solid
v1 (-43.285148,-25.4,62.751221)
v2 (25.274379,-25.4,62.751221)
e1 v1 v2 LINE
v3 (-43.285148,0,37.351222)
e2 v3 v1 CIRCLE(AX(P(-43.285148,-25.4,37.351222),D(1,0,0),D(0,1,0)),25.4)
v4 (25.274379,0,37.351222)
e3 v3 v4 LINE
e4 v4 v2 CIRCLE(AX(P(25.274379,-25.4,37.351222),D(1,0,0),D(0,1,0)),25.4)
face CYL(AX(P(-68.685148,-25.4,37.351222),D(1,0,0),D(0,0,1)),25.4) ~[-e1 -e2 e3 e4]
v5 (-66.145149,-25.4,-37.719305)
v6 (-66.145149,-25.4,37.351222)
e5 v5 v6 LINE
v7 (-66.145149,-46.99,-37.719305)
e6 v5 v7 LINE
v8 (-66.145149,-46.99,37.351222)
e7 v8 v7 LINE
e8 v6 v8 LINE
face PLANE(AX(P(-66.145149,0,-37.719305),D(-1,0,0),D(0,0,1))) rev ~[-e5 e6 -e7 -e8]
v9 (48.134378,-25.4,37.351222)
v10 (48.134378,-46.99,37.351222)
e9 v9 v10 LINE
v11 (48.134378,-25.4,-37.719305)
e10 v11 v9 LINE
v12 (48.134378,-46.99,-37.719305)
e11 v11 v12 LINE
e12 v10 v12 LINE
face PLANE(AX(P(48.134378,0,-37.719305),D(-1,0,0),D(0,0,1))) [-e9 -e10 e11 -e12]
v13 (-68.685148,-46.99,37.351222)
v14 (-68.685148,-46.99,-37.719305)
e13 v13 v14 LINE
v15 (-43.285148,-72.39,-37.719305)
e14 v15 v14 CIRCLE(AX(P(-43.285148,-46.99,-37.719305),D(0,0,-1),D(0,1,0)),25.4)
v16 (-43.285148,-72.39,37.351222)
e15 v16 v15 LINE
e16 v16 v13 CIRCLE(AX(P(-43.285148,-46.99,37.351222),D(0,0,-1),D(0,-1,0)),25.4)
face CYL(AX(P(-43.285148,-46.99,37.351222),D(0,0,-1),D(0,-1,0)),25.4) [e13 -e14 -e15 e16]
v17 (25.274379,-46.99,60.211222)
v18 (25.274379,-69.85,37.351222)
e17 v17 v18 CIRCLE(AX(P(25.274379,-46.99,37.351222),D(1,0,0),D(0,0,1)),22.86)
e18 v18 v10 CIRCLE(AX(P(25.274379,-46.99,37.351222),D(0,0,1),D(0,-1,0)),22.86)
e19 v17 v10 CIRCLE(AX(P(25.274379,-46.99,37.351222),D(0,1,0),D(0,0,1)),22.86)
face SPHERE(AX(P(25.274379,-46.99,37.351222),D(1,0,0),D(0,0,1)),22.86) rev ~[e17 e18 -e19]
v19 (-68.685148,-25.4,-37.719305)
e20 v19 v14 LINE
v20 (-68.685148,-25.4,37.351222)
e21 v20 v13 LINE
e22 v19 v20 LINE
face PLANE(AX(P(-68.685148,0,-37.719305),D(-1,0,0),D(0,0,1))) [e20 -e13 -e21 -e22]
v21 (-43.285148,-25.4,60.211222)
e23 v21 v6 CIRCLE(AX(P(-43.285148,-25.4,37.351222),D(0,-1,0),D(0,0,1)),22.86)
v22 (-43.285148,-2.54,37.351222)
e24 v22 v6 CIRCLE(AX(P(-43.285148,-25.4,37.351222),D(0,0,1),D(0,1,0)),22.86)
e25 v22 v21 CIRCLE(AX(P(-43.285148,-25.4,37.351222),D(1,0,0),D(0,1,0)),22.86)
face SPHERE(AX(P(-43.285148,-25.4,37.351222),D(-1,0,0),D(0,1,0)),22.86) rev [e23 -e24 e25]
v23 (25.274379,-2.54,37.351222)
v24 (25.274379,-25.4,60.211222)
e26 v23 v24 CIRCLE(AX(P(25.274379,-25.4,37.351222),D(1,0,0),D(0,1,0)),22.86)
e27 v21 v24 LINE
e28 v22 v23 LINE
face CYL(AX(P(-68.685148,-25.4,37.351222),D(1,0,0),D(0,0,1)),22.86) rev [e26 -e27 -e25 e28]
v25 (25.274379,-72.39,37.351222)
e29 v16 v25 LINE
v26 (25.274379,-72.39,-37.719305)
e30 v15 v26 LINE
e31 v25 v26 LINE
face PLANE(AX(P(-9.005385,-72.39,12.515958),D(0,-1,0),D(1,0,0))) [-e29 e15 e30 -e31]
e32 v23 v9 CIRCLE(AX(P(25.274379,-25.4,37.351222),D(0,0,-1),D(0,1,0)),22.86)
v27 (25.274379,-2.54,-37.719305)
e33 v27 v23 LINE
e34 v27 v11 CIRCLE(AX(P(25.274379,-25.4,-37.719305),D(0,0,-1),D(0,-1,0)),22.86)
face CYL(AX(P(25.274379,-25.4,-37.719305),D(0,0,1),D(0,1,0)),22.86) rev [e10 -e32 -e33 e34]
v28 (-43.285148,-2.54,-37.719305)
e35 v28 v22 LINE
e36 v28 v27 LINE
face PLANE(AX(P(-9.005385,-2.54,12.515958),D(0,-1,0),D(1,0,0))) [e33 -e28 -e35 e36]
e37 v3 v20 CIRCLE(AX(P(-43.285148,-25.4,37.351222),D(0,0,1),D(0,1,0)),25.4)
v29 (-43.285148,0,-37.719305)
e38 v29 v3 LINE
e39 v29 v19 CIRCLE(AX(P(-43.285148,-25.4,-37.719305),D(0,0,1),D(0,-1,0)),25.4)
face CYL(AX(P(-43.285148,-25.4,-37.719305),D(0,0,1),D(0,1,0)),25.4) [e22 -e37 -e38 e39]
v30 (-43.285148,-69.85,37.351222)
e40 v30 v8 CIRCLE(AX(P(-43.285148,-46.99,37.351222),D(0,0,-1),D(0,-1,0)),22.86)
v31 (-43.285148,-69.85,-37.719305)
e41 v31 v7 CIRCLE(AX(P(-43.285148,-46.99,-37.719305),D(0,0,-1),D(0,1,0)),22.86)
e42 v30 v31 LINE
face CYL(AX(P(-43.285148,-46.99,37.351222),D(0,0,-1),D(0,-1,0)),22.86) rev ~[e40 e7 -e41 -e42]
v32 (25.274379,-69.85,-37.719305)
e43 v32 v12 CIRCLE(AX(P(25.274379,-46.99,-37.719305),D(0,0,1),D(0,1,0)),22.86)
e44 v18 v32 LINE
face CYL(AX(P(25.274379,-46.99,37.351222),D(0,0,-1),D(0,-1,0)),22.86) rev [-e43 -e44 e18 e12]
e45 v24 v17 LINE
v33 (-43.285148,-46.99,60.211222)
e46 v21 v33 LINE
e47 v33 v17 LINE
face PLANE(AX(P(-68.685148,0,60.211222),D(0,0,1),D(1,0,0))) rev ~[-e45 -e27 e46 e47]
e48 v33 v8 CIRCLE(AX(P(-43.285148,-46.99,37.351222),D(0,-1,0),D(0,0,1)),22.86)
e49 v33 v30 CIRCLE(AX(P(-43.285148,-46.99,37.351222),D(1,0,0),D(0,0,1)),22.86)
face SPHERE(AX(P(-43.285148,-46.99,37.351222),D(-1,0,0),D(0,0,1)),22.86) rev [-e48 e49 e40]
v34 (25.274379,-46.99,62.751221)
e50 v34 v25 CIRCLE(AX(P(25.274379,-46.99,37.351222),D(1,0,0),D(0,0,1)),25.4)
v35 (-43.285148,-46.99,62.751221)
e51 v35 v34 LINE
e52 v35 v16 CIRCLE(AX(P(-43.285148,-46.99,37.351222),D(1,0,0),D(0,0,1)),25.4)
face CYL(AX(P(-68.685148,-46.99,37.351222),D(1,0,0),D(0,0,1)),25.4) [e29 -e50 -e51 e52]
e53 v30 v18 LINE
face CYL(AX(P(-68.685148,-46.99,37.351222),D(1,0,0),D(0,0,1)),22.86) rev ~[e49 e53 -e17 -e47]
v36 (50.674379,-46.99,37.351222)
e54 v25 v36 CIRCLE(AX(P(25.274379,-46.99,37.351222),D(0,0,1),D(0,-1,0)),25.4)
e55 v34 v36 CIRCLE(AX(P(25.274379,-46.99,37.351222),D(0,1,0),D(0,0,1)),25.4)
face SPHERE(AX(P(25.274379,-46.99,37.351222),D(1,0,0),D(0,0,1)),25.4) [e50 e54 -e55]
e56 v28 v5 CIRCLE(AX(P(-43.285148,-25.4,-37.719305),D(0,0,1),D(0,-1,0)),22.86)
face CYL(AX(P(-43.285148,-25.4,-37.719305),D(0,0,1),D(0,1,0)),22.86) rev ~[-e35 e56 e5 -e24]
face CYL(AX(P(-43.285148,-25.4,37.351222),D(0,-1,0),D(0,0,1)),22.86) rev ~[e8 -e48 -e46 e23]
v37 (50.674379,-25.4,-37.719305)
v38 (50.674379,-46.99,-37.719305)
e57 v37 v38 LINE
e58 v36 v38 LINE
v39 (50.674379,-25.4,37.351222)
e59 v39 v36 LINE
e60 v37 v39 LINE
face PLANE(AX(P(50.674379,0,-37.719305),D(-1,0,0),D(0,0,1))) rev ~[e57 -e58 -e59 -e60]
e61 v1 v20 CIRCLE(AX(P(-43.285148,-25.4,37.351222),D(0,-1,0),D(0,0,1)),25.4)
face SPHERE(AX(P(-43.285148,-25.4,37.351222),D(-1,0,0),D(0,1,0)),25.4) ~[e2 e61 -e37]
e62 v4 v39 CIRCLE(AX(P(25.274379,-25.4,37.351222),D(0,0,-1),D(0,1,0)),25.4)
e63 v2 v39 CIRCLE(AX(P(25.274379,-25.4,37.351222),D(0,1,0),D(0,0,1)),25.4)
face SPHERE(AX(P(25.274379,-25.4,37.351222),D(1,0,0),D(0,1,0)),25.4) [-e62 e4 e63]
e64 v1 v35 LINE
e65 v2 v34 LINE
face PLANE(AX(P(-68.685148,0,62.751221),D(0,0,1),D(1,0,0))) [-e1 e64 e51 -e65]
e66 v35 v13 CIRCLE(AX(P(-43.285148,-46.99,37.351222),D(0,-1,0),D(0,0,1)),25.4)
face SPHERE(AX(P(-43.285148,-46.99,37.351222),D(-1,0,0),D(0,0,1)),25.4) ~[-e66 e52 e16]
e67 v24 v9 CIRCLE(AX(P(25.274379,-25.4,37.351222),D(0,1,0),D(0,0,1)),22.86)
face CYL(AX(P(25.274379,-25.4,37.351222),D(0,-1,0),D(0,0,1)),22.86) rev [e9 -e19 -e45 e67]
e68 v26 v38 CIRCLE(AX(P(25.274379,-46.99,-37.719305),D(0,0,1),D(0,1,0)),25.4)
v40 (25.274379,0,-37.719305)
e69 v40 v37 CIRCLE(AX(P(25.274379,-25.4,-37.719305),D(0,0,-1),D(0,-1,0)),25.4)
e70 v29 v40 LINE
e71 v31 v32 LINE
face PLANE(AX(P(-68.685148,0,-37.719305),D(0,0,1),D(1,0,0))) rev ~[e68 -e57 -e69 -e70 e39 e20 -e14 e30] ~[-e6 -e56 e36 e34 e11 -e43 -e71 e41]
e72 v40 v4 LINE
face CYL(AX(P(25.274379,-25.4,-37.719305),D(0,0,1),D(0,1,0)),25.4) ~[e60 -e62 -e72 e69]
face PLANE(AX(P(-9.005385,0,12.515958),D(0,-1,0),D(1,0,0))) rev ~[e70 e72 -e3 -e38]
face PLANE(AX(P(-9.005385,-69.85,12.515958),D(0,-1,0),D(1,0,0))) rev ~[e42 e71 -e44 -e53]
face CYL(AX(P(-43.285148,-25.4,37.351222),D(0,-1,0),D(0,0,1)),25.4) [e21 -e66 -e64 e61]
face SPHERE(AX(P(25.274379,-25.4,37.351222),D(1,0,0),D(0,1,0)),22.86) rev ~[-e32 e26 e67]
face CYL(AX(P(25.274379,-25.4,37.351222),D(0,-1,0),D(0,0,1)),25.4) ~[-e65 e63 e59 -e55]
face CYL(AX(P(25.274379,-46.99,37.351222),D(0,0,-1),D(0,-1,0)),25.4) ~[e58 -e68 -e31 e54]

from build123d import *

# Parameters (mm, degrees)
F0_W     = 119.359527
F0_H     = 100.470527
F1_DEPTH = 72.39
F2_R     = 25.4
F3_R     = 25.4
F4_R     = 25.4
F5_R     = 25.4
F6_T     = -2.54


with BuildPart() as f1:
    # F0 (on Front) → F1 (new body)
    with BuildSketch(Plane.XZ):
        with Locations((-9.005385, 12.515958)):
            Rectangle(F0_W, F0_H)
    extrude(amount=F1_DEPTH)

    # F2
    f2_edges = [f1.edges().sort_by_distance(p)[0] for p in [
        (-9.005385, -72.39, 62.751222),
    ]]
    fillet(f2_edges, radius=F2_R)

    # F3
    f3_edges = [f1.edges().sort_by_distance(p)[0] for p in [
        (-9.005385, 0, 62.751222),
    ]]
    fillet(f3_edges, radius=F3_R)

    # F4
    f4_edges = [f1.edges().sort_by_distance(p)[0] for p in [
        (50.674379, -36.195, 62.751222),
    ]]
    fillet(f4_edges, radius=F4_R)

    # F5
    f5_edges = [f1.edges().sort_by_distance(p)[0] for p in [
        (-68.685148, -36.195, 62.751222),
    ]]
    fillet(f5_edges, radius=F5_R)

    # F6
    f6_openings = [f1.faces().sort_by_distance(p)[0] for p in [
        (-9.005385, -36.195, -37.719305),
    ]]
    offset(amount=F6_T, openings=f6_openings)


solid = f1.part
